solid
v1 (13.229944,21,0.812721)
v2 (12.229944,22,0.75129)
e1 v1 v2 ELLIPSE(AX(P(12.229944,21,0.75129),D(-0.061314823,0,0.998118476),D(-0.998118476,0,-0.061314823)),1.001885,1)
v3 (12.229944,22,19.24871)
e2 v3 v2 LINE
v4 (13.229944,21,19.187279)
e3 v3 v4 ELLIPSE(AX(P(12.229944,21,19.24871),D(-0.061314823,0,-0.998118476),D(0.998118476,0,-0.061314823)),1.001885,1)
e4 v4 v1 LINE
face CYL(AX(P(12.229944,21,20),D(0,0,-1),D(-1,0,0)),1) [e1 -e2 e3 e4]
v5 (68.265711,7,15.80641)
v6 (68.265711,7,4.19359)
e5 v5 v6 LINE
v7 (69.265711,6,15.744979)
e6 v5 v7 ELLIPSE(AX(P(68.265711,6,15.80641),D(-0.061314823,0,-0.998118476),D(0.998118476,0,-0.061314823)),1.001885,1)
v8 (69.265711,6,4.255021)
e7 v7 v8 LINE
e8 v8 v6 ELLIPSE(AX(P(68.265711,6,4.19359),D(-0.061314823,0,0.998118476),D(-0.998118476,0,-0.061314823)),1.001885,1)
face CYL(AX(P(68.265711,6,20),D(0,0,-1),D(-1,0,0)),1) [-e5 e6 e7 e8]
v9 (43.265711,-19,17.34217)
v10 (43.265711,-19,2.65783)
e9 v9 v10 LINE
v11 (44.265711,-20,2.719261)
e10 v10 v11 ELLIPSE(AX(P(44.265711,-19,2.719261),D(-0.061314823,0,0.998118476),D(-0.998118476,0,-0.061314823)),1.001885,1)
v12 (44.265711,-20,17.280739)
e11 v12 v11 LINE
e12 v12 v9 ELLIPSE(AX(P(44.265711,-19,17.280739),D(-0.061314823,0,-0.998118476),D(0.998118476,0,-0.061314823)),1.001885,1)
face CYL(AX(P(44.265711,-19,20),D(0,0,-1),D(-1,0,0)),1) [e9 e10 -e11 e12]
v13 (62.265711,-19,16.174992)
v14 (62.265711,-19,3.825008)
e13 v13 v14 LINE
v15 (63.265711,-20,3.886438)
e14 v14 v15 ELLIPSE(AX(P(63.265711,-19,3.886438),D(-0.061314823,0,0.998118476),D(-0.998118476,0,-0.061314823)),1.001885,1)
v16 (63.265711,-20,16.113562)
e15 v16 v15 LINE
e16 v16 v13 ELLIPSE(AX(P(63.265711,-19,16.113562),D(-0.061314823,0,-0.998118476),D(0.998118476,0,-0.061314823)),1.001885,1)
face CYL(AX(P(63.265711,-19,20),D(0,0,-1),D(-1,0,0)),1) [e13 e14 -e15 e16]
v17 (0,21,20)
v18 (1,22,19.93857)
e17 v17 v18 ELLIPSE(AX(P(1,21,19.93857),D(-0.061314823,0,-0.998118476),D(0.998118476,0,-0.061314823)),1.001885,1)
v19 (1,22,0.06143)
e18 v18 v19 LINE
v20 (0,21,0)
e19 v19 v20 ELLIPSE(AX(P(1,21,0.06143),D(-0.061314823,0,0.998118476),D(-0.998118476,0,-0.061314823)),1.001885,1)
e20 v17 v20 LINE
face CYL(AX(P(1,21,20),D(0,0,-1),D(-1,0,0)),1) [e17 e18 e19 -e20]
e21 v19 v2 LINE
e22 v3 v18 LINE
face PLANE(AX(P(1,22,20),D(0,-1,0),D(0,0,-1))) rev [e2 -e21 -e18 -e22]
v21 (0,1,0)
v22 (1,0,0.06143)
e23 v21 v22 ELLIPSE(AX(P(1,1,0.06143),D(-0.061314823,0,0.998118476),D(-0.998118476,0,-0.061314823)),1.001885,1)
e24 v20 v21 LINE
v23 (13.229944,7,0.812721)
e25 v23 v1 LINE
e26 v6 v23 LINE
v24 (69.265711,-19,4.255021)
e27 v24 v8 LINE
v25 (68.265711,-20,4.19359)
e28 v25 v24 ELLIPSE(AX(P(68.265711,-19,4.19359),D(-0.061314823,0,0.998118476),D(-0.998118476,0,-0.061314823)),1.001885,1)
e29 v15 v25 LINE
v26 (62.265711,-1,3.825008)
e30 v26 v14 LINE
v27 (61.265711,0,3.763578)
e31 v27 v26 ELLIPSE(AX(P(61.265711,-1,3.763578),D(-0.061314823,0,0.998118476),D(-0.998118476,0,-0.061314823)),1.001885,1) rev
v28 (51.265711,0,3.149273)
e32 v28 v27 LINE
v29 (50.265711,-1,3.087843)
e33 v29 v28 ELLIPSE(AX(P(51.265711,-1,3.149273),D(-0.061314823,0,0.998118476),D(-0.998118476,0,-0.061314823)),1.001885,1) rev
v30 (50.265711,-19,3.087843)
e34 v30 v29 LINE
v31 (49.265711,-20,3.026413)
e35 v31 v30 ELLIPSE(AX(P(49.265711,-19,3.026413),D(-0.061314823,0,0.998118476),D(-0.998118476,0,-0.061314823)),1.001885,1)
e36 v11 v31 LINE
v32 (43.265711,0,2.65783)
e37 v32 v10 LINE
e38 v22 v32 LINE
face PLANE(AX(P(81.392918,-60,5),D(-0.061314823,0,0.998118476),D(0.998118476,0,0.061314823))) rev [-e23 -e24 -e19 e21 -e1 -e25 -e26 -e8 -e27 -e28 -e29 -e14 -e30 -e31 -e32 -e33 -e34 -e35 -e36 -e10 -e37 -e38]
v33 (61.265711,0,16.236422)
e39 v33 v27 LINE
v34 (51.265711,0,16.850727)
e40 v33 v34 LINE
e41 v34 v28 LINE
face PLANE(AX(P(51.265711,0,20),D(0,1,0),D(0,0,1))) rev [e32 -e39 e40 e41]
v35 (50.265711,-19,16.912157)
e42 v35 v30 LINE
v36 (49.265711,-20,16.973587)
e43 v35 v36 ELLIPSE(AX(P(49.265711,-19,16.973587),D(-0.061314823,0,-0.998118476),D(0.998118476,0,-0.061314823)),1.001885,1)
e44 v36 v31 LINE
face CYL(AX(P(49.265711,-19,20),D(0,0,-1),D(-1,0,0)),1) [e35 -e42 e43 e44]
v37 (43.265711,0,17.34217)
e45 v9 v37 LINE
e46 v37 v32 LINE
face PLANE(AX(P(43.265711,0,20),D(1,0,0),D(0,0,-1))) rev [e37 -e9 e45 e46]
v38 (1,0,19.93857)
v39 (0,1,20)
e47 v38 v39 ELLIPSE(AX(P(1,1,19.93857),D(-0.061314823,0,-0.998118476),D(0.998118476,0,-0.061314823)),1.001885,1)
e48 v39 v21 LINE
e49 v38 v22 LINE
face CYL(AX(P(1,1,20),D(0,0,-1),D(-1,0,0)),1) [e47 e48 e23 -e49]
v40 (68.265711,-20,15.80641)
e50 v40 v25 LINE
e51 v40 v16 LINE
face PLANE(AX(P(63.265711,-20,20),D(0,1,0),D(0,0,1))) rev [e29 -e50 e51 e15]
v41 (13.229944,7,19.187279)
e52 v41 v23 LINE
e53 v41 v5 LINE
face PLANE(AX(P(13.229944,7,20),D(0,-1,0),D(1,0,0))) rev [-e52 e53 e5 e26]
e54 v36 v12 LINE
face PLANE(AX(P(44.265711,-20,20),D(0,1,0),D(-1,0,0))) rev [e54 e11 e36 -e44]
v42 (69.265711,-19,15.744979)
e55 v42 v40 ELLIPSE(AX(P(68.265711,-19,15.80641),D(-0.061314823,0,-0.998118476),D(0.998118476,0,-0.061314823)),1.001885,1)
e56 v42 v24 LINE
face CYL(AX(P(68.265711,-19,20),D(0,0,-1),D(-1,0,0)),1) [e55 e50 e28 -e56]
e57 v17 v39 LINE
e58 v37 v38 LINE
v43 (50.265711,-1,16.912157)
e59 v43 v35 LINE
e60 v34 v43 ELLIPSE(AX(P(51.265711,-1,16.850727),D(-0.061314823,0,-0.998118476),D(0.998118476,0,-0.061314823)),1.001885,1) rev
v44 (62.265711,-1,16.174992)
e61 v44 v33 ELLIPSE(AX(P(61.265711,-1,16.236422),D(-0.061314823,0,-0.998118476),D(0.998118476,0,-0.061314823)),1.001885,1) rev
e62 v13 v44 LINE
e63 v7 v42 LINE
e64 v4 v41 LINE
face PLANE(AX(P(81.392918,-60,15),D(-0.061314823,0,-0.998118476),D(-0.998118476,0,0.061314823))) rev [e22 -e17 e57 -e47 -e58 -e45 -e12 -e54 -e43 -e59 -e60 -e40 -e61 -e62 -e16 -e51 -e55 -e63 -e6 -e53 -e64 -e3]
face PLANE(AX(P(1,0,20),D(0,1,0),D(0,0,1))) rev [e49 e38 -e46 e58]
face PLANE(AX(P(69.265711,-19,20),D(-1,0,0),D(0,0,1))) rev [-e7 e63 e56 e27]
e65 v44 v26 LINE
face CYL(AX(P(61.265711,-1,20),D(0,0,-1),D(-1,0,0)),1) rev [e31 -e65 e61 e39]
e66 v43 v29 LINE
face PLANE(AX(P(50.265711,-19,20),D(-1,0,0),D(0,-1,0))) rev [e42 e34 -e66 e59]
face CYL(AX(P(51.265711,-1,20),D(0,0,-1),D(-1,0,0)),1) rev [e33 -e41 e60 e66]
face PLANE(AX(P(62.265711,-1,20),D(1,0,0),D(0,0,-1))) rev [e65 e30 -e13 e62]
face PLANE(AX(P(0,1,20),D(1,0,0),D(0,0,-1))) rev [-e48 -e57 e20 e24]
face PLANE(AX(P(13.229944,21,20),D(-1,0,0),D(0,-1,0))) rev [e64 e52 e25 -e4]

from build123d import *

# Parameters (mm, degrees)
EXTRUDE_1_DEPTH     = 20
CUT_EXTRUDE_1_DEPTH = 82


with BuildPart() as part:
    # Эскиз1 → Бобышка-Вытянуть1 (new body)
    with BuildSketch(Plane.XY):
        with BuildLine():
            Line((0, 1), (0, 21))
            ThreePointArc((0, 21), (0.292893219, 21.707106781), (1, 22))
            Line((1, 22), (12.229943888, 22))
            ThreePointArc((12.229943888, 22), (12.937050669, 21.707106781), (13.229943888, 21))
            Line((13.229943888, 21), (13.229943888, 7))
            Line((13.229943888, 7), (41.229943888, 7))
            Line((41.229943888, 7), (68.26571085, 7))
            ThreePointArc((68.26571085, 7), (68.972817632, 6.707106781), (69.26571085, 6))
            Line((69.26571085, 6), (69.26571085, -19))
            ThreePointArc((69.26571085, -19), (68.972817632, -19.707106781), (68.26571085, -20))
            Line((68.26571085, -20), (63.26571085, -20))
            ThreePointArc((63.26571085, -20), (62.558604069, -19.707106781), (62.26571085, -19))
            Line((62.26571085, -19), (62.26571085, -1))
            ThreePointArc((62.26571085, -1), (61.972817632, -0.292893219), (61.26571085, 0))
            Line((61.26571085, 0), (51.26571085, 0))
            ThreePointArc((51.26571085, 0), (50.558604069, -0.292893219), (50.26571085, -1))
            Line((50.26571085, -1), (50.26571085, -19))
            ThreePointArc((50.26571085, -19), (49.972817632, -19.707106781), (49.26571085, -20))
            Line((49.26571085, -20), (44.26571085, -20))
            ThreePointArc((44.26571085, -20), (43.558604069, -19.707106781), (43.26571085, -19))
            Line((43.26571085, -19), (43.26571085, 0))
            Line((43.26571085, 0), (1, 0))
            ThreePointArc((1, 0), (0.292893219, 0.292893219), (0, 1))
        make_face()
    extrude(amount=EXTRUDE_1_DEPTH)

    # Эскиз2 → Вырез-Вытянуть1 (cut)
    with BuildSketch(Plane(origin=(0, 22, 0), x_dir=(1, 0, 0), z_dir=(0, 1, 0))):
        Polygon((81.392917707, -5), (0, 0), (88.471949447, 13.866629824), align=None)
        Polygon((81.392917707, -15), (0, -20), (97.493424041, -39.682856986), align=None)
    extrude(amount=-CUT_EXTRUDE_1_DEPTH, mode=Mode.SUBTRACT)


solid = part.part
